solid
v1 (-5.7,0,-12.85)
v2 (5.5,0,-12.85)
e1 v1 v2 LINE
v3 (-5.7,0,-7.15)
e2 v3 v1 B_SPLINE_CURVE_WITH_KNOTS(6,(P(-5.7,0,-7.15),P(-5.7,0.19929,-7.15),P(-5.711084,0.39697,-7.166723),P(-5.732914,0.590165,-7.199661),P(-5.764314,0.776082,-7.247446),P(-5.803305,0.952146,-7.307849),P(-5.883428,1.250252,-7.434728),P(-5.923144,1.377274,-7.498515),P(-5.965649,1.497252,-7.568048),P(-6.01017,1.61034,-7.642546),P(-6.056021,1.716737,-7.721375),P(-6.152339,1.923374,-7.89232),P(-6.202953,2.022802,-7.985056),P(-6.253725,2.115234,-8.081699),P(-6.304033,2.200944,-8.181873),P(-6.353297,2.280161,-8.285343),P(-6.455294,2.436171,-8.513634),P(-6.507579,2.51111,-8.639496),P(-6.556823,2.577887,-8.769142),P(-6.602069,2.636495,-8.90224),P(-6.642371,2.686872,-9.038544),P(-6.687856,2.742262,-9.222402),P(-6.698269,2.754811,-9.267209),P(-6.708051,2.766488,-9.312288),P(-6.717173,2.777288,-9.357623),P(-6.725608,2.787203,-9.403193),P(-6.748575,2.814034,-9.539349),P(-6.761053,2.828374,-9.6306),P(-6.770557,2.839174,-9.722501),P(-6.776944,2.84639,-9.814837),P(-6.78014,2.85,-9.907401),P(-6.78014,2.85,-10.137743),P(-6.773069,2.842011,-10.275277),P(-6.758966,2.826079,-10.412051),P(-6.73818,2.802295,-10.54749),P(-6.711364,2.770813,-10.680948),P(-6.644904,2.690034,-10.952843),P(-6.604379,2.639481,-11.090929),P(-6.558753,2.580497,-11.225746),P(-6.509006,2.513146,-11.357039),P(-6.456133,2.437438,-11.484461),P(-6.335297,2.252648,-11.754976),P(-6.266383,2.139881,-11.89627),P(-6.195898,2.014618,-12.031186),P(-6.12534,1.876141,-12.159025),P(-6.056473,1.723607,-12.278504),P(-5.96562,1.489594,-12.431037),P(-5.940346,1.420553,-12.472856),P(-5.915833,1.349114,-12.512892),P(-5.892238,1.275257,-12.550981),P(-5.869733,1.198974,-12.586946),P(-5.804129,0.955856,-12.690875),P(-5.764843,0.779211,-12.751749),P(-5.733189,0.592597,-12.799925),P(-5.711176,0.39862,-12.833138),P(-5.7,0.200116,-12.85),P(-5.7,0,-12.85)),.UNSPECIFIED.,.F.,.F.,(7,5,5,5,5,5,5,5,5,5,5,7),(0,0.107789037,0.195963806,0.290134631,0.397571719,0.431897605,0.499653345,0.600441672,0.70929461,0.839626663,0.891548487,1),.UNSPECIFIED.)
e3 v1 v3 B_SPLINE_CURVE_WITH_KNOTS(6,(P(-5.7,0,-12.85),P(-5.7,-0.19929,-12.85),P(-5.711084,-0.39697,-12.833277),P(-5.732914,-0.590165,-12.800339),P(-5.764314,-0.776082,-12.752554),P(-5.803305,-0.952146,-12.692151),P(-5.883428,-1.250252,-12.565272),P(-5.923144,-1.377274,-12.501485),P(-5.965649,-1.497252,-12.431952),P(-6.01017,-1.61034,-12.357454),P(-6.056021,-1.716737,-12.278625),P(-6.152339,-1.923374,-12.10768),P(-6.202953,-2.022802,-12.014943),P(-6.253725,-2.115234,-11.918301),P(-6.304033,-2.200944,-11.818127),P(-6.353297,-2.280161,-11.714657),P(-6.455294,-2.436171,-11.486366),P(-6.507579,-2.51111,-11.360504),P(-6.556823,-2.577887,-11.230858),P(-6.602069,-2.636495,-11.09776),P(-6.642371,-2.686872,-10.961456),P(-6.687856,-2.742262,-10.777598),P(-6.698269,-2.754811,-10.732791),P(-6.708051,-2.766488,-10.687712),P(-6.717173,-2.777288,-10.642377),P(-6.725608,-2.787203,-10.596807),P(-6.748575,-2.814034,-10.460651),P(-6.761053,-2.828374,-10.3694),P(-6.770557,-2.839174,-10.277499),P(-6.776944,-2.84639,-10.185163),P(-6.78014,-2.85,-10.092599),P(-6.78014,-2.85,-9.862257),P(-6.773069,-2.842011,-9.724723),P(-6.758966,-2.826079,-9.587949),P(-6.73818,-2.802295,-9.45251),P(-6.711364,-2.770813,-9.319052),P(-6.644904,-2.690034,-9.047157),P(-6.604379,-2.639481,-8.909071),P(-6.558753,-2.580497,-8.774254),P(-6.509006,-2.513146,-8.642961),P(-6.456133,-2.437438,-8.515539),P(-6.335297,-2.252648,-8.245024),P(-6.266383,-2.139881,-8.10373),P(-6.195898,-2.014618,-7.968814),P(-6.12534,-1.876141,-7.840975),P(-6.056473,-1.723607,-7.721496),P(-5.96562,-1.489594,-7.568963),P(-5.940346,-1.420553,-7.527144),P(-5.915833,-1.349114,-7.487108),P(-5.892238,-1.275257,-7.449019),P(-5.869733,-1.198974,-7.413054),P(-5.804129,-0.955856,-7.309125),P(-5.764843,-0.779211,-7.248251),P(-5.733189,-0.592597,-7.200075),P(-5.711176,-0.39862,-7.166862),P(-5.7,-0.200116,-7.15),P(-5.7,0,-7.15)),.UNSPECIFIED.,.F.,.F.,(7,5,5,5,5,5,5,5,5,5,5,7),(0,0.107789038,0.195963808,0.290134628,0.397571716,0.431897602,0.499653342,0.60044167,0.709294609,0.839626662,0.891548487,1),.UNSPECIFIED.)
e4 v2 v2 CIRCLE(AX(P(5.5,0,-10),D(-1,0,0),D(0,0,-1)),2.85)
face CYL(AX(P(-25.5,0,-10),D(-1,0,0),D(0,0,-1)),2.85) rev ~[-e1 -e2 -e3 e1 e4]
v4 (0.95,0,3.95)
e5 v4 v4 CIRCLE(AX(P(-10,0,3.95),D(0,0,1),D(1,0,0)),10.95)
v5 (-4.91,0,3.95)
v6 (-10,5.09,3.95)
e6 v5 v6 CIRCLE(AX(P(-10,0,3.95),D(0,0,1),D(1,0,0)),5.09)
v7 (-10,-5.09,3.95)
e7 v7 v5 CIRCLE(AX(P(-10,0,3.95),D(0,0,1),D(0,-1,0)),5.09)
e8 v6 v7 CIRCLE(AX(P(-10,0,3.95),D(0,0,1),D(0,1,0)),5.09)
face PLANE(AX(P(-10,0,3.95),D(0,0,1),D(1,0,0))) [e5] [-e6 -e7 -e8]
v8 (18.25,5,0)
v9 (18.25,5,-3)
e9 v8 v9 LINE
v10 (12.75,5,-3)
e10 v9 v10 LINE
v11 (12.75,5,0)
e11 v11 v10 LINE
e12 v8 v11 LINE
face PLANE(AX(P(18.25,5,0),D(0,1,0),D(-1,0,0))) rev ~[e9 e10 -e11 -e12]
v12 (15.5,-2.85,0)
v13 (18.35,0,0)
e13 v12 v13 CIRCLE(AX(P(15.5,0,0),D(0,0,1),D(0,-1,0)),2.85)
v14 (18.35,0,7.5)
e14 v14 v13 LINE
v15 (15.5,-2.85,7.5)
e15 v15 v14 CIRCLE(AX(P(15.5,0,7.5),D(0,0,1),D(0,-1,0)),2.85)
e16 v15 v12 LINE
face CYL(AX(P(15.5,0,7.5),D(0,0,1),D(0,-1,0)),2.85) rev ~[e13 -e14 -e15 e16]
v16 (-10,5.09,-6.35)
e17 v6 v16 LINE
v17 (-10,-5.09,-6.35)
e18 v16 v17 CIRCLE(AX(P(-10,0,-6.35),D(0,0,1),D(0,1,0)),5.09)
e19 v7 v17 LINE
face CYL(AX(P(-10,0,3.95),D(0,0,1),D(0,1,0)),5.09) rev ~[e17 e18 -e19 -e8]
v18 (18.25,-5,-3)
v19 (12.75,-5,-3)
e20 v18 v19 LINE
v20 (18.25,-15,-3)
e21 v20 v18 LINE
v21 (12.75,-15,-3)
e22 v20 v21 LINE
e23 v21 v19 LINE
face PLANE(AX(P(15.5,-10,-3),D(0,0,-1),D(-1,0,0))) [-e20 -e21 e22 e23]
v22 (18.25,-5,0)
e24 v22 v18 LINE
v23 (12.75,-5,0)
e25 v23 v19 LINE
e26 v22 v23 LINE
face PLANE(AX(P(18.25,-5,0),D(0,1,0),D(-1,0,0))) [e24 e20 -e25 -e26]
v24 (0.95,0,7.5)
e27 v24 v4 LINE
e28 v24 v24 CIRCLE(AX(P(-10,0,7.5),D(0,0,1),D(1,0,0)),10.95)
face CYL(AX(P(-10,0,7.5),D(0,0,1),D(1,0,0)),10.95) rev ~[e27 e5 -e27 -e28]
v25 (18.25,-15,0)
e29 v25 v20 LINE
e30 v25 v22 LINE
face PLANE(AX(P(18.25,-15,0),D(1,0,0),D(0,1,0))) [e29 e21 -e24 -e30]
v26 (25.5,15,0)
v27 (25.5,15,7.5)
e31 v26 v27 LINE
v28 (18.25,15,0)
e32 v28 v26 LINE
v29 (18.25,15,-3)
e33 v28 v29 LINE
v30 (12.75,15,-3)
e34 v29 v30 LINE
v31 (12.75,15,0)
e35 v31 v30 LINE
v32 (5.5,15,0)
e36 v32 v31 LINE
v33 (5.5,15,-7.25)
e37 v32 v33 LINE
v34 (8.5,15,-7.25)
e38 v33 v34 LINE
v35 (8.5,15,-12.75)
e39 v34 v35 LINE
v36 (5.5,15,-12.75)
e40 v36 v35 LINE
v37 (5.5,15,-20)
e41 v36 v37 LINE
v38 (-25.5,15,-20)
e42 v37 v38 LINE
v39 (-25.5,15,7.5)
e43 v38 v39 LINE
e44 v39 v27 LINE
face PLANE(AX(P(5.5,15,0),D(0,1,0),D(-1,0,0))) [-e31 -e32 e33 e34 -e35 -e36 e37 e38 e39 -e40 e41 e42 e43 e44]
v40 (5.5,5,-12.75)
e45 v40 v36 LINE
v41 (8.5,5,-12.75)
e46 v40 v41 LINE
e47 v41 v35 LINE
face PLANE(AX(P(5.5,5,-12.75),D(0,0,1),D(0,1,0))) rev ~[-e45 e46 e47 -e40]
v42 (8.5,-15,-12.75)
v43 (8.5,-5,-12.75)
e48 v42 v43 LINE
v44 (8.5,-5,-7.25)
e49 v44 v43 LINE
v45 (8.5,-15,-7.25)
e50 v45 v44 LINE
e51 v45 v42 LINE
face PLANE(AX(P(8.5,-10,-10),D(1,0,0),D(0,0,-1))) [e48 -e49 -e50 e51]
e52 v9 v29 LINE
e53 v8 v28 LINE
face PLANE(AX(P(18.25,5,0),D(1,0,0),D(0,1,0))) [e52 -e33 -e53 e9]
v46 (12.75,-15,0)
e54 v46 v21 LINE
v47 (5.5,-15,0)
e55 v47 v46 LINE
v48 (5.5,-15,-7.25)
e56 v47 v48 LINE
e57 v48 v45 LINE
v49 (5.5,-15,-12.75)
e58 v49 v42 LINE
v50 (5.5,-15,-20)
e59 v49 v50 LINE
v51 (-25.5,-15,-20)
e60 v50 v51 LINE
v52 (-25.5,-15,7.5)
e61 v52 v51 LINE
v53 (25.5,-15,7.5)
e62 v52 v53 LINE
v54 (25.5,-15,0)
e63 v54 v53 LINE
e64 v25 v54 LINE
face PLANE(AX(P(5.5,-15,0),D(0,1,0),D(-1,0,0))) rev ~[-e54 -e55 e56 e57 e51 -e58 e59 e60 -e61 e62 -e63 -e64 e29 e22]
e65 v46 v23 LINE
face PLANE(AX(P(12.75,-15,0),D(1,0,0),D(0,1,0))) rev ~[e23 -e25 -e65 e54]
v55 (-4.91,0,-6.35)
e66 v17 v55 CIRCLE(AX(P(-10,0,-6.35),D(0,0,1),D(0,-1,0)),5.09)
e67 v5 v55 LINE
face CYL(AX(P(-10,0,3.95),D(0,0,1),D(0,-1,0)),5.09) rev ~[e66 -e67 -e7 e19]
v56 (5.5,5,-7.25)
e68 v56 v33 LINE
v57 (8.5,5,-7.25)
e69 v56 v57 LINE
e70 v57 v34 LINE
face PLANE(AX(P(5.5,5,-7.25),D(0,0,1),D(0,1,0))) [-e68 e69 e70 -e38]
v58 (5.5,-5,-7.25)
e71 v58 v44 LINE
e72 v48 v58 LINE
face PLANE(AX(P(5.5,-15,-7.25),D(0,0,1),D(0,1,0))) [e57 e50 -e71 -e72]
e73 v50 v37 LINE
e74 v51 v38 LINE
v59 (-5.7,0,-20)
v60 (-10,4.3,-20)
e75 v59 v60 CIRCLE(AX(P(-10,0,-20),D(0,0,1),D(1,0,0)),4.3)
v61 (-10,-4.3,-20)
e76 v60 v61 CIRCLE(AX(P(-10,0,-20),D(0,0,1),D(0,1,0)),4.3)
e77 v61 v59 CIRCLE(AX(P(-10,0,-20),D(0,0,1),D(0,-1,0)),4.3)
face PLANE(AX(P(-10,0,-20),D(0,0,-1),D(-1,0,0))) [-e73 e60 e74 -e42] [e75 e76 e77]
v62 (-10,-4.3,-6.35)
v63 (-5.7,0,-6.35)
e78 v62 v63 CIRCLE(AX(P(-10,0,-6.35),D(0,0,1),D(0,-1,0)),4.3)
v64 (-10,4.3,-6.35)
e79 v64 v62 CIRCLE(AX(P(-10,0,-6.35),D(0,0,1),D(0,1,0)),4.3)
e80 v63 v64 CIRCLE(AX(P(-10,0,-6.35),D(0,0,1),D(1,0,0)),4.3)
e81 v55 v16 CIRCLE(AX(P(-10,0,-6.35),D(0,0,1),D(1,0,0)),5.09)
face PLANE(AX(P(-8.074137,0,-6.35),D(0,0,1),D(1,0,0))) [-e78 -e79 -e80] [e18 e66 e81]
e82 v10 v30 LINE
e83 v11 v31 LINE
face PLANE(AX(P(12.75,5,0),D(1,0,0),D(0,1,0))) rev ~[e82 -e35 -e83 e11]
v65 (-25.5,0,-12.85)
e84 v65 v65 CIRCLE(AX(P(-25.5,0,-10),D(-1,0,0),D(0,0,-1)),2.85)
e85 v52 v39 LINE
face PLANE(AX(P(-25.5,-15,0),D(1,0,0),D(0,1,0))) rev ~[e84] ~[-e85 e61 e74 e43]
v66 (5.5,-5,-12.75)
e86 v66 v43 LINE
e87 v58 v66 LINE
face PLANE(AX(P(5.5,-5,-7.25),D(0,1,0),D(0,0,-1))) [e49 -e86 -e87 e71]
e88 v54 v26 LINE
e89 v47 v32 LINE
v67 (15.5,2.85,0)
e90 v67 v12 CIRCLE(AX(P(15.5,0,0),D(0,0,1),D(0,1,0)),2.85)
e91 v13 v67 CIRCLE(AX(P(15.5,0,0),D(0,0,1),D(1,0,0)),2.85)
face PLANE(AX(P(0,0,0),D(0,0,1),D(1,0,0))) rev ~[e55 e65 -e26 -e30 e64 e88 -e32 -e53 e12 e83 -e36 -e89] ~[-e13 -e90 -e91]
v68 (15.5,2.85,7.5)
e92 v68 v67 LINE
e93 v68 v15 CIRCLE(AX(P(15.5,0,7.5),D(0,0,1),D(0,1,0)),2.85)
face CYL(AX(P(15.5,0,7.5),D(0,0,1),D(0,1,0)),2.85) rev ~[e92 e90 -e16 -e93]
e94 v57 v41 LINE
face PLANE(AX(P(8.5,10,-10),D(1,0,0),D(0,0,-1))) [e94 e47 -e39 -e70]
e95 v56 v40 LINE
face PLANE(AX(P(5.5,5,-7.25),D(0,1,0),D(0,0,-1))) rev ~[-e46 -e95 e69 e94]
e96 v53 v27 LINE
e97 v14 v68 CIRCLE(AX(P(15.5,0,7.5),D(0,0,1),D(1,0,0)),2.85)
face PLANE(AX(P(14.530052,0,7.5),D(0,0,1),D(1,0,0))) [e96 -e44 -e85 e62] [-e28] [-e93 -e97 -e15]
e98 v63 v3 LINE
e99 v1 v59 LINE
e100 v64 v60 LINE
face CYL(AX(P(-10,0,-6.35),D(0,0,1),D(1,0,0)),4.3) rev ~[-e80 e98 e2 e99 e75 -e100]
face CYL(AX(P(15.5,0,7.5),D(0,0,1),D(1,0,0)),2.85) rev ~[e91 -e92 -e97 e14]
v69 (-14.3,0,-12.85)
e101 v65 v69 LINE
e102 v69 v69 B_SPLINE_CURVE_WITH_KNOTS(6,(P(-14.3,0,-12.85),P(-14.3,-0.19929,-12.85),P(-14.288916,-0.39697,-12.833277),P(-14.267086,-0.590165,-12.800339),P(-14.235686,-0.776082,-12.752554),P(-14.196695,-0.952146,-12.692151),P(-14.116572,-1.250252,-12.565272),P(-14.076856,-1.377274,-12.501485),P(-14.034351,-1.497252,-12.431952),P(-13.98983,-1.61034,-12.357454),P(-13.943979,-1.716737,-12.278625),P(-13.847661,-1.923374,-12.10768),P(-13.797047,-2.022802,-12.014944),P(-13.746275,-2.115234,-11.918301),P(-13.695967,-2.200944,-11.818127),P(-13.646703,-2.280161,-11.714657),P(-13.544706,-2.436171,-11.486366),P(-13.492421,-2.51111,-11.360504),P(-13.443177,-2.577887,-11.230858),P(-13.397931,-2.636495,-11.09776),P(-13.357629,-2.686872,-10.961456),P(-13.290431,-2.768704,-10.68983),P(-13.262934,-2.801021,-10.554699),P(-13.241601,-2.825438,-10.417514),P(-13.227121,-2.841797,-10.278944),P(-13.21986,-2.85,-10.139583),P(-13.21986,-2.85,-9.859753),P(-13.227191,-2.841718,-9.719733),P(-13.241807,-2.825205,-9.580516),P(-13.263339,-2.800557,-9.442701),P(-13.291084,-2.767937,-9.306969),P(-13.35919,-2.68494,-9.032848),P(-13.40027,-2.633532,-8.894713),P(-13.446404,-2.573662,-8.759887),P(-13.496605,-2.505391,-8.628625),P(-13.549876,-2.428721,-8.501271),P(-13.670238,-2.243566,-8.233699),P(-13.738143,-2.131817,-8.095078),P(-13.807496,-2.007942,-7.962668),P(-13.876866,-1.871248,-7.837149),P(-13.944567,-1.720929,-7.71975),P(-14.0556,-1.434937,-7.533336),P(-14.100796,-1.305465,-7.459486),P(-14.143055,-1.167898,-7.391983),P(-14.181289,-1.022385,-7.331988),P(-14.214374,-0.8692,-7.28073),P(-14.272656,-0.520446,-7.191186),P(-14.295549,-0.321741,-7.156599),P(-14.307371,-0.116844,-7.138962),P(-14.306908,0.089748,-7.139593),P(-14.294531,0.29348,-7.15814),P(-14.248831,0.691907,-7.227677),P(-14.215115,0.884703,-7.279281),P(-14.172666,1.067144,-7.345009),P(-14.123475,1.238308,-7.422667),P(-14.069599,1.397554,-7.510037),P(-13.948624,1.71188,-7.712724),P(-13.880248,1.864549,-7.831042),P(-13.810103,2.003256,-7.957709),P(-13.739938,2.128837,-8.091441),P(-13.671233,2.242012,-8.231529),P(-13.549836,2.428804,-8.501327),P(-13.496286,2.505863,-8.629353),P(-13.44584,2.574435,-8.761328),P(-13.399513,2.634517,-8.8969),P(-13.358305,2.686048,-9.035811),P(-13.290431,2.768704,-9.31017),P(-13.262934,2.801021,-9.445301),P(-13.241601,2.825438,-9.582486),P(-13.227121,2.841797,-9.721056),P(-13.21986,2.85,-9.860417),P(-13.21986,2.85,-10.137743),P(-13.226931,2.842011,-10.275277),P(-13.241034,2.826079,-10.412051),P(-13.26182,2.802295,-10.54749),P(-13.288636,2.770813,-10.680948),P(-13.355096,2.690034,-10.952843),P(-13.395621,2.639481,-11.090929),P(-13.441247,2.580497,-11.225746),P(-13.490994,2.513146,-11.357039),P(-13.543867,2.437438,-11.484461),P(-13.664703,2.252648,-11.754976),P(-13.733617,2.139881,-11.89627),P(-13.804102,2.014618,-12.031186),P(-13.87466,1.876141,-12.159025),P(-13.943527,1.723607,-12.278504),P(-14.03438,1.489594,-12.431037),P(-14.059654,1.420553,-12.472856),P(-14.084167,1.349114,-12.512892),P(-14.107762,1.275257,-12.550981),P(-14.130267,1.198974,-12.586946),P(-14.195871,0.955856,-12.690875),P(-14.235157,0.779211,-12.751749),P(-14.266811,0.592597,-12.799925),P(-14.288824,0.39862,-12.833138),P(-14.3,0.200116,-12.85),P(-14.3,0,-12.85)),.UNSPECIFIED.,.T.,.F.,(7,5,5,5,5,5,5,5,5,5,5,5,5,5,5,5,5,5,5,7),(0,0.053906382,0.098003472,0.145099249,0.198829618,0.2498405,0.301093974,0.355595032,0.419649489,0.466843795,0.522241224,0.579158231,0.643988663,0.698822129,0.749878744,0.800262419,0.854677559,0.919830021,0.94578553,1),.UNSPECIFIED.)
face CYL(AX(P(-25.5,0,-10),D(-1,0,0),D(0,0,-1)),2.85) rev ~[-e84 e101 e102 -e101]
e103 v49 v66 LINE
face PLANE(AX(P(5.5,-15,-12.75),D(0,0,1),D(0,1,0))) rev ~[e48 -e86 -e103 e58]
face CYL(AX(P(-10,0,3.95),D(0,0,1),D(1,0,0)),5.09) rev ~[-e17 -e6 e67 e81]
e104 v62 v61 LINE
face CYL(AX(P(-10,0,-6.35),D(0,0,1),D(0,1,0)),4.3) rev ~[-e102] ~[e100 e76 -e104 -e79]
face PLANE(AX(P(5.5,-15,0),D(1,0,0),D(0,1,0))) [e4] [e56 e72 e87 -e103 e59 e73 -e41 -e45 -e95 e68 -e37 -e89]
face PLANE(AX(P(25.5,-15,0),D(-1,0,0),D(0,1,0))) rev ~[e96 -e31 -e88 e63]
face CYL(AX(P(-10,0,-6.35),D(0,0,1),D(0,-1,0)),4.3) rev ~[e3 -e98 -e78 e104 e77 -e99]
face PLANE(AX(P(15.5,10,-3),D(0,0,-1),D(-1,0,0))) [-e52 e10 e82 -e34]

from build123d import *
from build123d.topology import SkipClean

# Parameters (mm, degrees)
SKETCH_1_W           = 51
SKETCH_1_H           = 30
EXTRUDE_5_DEPTH      = 7.5
SKETCH_4_W           = 31
SKETCH_4_H           = 30
EXTRUDE_6_DEPTH      = 20
SKETCH_6_W           = 5.5
SKETCH_6_H           = 10
EXTRUDE_9_DEPTH      = 3
SKETCH_10_W          = 5.5
SKETCH_10_H          = 10
EXTRUDE_10_DEPTH     = 3
SKETCH_13_R          = 10.95
CUT_EXTRUDE_1_DEPTH  = 3.55
CUT_EXTRUDE_2_DEPTH  = 10.3
CUT_EXTRUDE_3_DEPTH  = 33.666075675
CUT_EXTRUDE_5_DEPTH  = 41.391830857
CUT_EXTRUDE_7_DEPTH  = 57.797887285
EXTRUDE_12_DEPTH     = 31
CUT_EXTRUDE_13_DEPTH = 57.79788732
EXTRUDE_14_DEPTH     = 7.5
CUT_EXTRUDE_14_DEPTH = 41.391830988


with BuildPart() as part:
    # Эскиз1 → Бобышка-Вытянуть5 (new body)
    with BuildSketch(Plane.XY):
        Rectangle(SKETCH_1_W, SKETCH_1_H)
    extrude(amount=EXTRUDE_5_DEPTH)

    # Эскиз4 → Бобышка-Вытянуть6 (add)
    with BuildSketch(Plane(origin=(0, 0, 0), x_dir=(-1, 0, 0), z_dir=(0, 0, -1))):
        with Locations((10, 0)):
            Rectangle(SKETCH_4_W, SKETCH_4_H)
    extrude(amount=EXTRUDE_6_DEPTH)

    # Эскиз6 → Бобышка-Вытянуть9 (add)
    with BuildSketch(Plane(origin=(0, 0, 0), x_dir=(-1, 0, 0), z_dir=(0, 0, -1))):
        with Locations((-15.5, 10)):
            Rectangle(SKETCH_6_W, SKETCH_6_H)
        with Locations((-15.5, -10)):
            Rectangle(SKETCH_6_W, SKETCH_6_H)
    extrude(amount=EXTRUDE_9_DEPTH)

    # Эскиз10 → Бобышка-Вытянуть10 (add)
    with BuildSketch(Plane(origin=(5.5, 0, 0), x_dir=(0, 0, -1), z_dir=(1, 0, 0))):
        with Locations((10, 10)):
            Rectangle(SKETCH_10_W, SKETCH_10_H)
        with Locations((10, -10)):
            Rectangle(SKETCH_10_W, SKETCH_10_H)
    extrude(amount=EXTRUDE_10_DEPTH)

    # Эскиз13 → Вырез-Вытянуть1 (cut)
    with BuildSketch(Plane.XY.offset(7.5)):
        with Locations((-10, 0)):
            Circle(SKETCH_13_R)
    extrude(amount=-CUT_EXTRUDE_1_DEPTH, mode=Mode.SUBTRACT)

    # Эскиз14 → Вырез-Вытянуть2 (cut)
    with BuildSketch(Plane.XY.offset(3.95)):
        with BuildLine():
            ThreePointArc((-4.91, 0), (-6.400826484, 3.599173516), (-10, 5.09))
            Line((-10, 5.09), (-10, -5.09))
            ThreePointArc((-10, -5.09), (-6.400826484, -3.599173516), (-4.91, 0))
        make_face()
        with BuildLine():
            Line((-10, -5.09), (-10, 5.09))
            ThreePointArc((-10, 5.09), (-15.09, 0), (-10, -5.09))
        make_face()
    extrude(amount=-CUT_EXTRUDE_2_DEPTH, mode=Mode.SUBTRACT)

    # Эскиз15 → Вырез-Вытянуть3 (cut, through all)
    with BuildSketch(Plane.XY.offset(-6.35)):
        with BuildLine():
            ThreePointArc((-5.7, 0), (-6.959440841, 3.040559159), (-10, 4.3))
            Line((-10, 4.3), (-10, -4.3))
            ThreePointArc((-10, -4.3), (-6.959440841, -3.040559159), (-5.7, 0))
        make_face()
        with BuildLine():
            Line((-10, -4.3), (-10, 4.3))
            ThreePointArc((-10, 4.3), (-14.3, 0), (-10, -4.3))
        make_face()
    extrude(amount=-CUT_EXTRUDE_3_DEPTH, mode=Mode.SUBTRACT)

    # Эскиз16 → Вырез-Вытянуть5 (cut, through all)
    with BuildSketch(Plane.XY.offset(7.5)):
        with BuildLine():
            ThreePointArc((18.3, 0), (17.479898987, 1.979898987), (15.5, 2.8))
            Line((15.5, 2.8), (15.5, -2.8))
            ThreePointArc((15.5, -2.8), (17.479898987, -1.979898987), (18.3, 0))
        make_face()
        with BuildLine():
            Line((15.5, -2.8), (15.5, 2.8))
            ThreePointArc((15.5, 2.8), (12.7, 0), (15.5, -2.8))
        make_face()
    extrude(amount=-CUT_EXTRUDE_5_DEPTH, mode=Mode.SUBTRACT)

    # Эскиз17 → Вырез-Вытянуть7 (cut, through all)
    with SkipClean():  # the faces are left unmerged after this step: merging them gives an invalid solid
        with BuildSketch(Plane.ZY.offset(25.5)):
            with BuildLine():
                ThreePointArc((-12.6, 0), (-10, -2.6), (-7.4, 0))
                Line((-7.4, 0), (-12.6, 0))
            make_face()
            with BuildLine():
                Line((-12.6, 0), (-7.4, 0))
                ThreePointArc((-7.4, 0), (-10, 2.6), (-12.6, 0))
            make_face()
        extrude(amount=-CUT_EXTRUDE_7_DEPTH, mode=Mode.SUBTRACT)

    # Эскиз23 → Бобышка-Вытянуть12 (add)
    with SkipClean():  # the faces are left unmerged after this step: merging them gives an invalid solid
        with BuildSketch(Plane.ZY.offset(25.5)):
            with BuildLine():
                ThreePointArc((-12.6, 0), (-10, -2.6), (-7.4, 0))
                Line((-7.4, 0), (-12.6, 0))
            make_face()
            with BuildLine():
                Line((-12.6, 0), (-7.4, 0))
                ThreePointArc((-7.4, 0), (-10, 2.6), (-12.6, 0))
            make_face()
        extrude(amount=-EXTRUDE_12_DEPTH)

    # Эскиз24 → Вырез-Вытянуть13 (cut, through all)
    with BuildSketch(Plane.ZY.offset(25.5)):
        with BuildLine():
            ThreePointArc((-7.15, 0), (-10, 2.85), (-12.85, 0))
            Line((-12.85, 0), (-7.15, 0))
        make_face()
        with BuildLine():
            Line((-7.15, 0), (-12.85, 0))
            ThreePointArc((-12.85, 0), (-10, -2.85), (-7.15, 0))
        make_face()
    extrude(amount=-CUT_EXTRUDE_13_DEPTH, mode=Mode.SUBTRACT)

    # Эскиз27 → Бобышка-Вытянуть14 (add)
    with BuildSketch(Plane.XY.offset(7.5)):
        with BuildLine():
            ThreePointArc((15.5, 2.8), (12.7, 0), (15.5, -2.8))
            Line((15.5, -2.8), (15.5, 2.8))
        make_face()
        with BuildLine():
            Line((15.5, 2.8), (15.5, -2.8))
            ThreePointArc((15.5, -2.8), (17.479898987, -1.979898987), (18.3, 0))
            ThreePointArc((18.3, 0), (17.479898987, 1.979898987), (15.5, 2.8))
        make_face()
    extrude(amount=-EXTRUDE_14_DEPTH)

    # Эскиз28 → Вырез-Вытянуть14 (cut, through all)
    with BuildSketch(Plane.XY.offset(7.5)):
        with BuildLine():
            ThreePointArc((15.5, 2.85), (12.65, 0), (15.5, -2.85))
            Line((15.5, -2.85), (15.5, 2.85))
        make_face()
        with BuildLine():
            Line((15.5, 2.85), (15.5, -2.85))
            ThreePointArc((15.5, -2.85), (17.515254326, -2.015254326), (18.35, 0))
            ThreePointArc((18.35, 0), (17.515254326, 2.015254326), (15.5, 2.85))
        make_face()
    extrude(amount=-CUT_EXTRUDE_14_DEPTH, mode=Mode.SUBTRACT)


solid = part.part
